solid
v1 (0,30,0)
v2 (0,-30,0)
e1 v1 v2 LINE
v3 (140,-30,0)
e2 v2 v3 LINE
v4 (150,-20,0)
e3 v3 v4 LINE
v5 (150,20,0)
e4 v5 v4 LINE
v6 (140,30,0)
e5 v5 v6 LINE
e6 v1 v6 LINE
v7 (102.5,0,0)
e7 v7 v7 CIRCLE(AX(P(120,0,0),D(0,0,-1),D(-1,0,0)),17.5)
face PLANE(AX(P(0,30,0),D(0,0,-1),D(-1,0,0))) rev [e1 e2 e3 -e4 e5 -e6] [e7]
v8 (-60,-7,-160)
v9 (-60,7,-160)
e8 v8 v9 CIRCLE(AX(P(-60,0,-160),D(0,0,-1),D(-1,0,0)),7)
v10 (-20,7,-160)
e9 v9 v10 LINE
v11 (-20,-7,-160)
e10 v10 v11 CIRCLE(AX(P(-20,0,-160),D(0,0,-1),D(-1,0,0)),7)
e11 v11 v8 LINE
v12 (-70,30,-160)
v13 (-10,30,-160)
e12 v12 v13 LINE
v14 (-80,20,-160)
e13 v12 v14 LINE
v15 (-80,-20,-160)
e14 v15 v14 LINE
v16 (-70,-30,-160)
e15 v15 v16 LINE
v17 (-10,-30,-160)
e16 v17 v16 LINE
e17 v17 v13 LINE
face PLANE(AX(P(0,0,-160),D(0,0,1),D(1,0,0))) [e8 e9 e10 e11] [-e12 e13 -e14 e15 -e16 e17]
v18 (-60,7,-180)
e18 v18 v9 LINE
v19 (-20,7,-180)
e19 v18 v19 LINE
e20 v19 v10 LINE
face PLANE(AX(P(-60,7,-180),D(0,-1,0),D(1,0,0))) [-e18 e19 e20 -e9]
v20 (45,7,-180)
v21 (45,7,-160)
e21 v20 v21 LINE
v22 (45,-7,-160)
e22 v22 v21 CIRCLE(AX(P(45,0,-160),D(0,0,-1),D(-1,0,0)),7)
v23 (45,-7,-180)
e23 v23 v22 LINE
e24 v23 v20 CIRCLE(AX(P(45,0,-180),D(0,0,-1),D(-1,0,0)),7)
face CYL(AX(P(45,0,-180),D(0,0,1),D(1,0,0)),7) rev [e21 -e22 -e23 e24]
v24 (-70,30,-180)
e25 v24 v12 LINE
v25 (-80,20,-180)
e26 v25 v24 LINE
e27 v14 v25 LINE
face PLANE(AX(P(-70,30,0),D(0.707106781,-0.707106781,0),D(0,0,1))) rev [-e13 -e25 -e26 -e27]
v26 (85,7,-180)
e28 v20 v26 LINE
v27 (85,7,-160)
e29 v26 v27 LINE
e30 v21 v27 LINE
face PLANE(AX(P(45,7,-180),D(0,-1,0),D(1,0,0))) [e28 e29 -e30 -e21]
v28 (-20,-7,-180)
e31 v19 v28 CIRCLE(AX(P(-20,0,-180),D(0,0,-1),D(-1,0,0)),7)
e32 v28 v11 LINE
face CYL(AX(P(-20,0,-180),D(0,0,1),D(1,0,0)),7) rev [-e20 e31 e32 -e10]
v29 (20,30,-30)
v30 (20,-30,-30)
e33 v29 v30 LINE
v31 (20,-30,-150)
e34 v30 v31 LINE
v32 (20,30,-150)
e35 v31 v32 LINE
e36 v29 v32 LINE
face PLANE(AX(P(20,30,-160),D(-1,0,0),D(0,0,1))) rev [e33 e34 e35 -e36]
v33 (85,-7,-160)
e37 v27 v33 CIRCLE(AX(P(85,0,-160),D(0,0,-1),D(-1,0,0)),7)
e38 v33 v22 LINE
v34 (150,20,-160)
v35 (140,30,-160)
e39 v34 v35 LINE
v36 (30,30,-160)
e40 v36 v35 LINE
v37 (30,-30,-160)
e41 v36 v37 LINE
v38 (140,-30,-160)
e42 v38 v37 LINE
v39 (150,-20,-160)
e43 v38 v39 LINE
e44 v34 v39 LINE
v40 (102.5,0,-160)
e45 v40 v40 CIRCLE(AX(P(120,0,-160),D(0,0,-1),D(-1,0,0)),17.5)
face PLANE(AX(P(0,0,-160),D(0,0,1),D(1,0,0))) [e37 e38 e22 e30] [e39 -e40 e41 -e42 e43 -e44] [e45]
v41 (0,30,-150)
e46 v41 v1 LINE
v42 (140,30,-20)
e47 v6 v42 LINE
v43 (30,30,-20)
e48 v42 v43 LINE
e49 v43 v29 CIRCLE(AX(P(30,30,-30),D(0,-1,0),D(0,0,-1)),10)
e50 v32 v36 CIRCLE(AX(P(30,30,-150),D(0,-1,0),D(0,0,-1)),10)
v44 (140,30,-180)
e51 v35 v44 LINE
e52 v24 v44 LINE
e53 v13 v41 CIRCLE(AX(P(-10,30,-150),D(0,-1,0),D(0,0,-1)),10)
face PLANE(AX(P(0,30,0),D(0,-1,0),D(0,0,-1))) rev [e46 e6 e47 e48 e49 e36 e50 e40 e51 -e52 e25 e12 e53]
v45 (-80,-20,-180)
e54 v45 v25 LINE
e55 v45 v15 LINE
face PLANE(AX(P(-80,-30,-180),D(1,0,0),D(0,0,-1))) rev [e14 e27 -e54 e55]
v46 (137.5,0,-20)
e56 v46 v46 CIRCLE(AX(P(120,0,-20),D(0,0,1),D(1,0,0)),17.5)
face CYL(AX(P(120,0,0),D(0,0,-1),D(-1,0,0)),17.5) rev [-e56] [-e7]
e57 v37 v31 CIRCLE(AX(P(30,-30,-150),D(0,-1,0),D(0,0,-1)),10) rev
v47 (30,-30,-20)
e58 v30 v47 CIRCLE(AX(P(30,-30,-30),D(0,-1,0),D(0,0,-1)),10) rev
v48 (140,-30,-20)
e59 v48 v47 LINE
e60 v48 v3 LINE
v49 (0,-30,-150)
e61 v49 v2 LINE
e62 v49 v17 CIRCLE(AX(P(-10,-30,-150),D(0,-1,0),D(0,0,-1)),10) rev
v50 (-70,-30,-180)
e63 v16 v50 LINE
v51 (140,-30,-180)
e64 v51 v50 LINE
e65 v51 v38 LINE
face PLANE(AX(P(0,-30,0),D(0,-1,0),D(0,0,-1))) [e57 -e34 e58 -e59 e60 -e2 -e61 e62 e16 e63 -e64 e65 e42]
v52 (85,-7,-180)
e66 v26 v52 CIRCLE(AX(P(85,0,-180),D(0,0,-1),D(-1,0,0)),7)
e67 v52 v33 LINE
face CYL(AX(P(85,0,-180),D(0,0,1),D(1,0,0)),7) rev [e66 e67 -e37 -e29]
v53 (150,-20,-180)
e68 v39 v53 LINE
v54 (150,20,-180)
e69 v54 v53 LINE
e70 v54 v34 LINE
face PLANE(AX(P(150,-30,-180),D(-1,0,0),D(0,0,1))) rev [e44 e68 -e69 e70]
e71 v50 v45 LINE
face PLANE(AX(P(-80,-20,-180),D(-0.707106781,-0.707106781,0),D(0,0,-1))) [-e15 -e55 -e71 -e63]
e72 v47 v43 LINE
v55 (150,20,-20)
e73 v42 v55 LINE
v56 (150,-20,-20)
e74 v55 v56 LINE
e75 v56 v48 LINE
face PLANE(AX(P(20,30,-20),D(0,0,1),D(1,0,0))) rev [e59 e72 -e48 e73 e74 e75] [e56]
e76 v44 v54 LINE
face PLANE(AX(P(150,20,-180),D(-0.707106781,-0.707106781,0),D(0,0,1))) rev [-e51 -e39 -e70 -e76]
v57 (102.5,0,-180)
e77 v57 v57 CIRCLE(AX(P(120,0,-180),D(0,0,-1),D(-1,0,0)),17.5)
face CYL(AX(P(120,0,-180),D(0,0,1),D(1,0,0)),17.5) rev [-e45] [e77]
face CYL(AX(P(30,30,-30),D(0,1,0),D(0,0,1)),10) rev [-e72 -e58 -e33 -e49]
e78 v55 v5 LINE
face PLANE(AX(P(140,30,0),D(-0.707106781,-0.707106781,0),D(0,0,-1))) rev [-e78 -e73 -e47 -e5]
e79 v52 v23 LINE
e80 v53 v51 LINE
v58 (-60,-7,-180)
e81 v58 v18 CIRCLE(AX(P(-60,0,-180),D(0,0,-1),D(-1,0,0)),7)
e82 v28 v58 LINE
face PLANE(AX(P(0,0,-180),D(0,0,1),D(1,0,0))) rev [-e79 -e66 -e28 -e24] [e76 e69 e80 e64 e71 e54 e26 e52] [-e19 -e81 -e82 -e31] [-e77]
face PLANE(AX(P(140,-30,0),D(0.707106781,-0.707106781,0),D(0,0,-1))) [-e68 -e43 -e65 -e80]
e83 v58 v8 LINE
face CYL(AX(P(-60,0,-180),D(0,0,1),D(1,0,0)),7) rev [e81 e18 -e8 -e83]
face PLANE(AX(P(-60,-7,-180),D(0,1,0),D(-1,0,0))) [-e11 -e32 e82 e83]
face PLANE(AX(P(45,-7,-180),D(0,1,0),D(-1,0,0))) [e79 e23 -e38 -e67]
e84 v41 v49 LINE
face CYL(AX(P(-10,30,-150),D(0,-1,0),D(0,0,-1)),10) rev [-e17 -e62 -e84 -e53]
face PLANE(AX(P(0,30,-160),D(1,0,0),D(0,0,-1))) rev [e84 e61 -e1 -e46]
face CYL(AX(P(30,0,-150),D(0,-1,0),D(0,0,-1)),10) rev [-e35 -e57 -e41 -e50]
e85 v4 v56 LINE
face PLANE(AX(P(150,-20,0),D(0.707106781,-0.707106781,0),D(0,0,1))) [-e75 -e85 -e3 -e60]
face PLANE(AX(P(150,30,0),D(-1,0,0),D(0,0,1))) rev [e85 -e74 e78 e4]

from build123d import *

# Parameters (mm, degrees)
BOSS_EXTRUDE1_DEPTH     = 30
SKETCH3_W               = 230
SKETCH3_H               = 60
SKETCH3_R               = 17.5
BOSS_EXTRUDE2_DEPTH     = 20
FILLET1_R               = 10
CHAMFER1_SIZE           = 10
SKETCH5_R               = 17.5
CUT_EXTRUDE1_DEPTH      = 1
CUT_EXTRUDE1_DEPTH_BACK = 181


with BuildPart() as part:
    # Sketch1 → Boss-Extrude1 (new body, symmetric)
    with BuildSketch(Plane(origin=(0, 0, 0), x_dir=(1, 0, 0), z_dir=(0, 1, 0))):
        Polygon((0, 160), (10, 160), (20, 160), (20, 20), (150, 20), (150, 0), (0, 0), align=None)
    extrude(amount=BOSS_EXTRUDE1_DEPTH, both=True)

    # Sketch3 → Boss-Extrude2 (add)
    with BuildSketch(Plane(origin=(0, 0, -160), x_dir=(-1, 0, 0), z_dir=(0, 0, -1))):
        with Locations((-35, 0)):
            Rectangle(SKETCH3_W, SKETCH3_H)
        with Locations((-120, 0)):
            Circle(SKETCH3_R, mode=Mode.SUBTRACT)
        with BuildLine():
            Line((60, -7), (20, -7))
            ThreePointArc((20, -7), (13, 0), (20, 7))
            Line((20, 7), (60, 7))
            ThreePointArc((60, 7), (67, 0), (60, -7))
        make_face(mode=Mode.SUBTRACT)
        with BuildLine():
            Line((-45, -7), (-85, -7))
            ThreePointArc((-85, -7), (-92, 0), (-85, 7))
            Line((-85, 7), (-45, 7))
            ThreePointArc((-45, 7), (-38, 0), (-45, -7))
        make_face(mode=Mode.SUBTRACT)
    extrude(amount=BOSS_EXTRUDE2_DEPTH)

    # Fillet1
    fillet1_edges = [part.edges().sort_by_distance(p)[0] for p in [
        (20, 0, -160),
        (20, 0, -20),
        (0, 0, -160),
    ]]
    fillet(fillet1_edges, radius=FILLET1_R)

    # Chamfer1
    chamfer1_edges = [part.edges().sort_by_distance(p)[0] for p in [
        (150, 30, -10),
        (150, 30, -170),
        (150, -30, -170),
        (-80, -30, -170),
        (-80, 30, -170),
        (150, -30, -10),
    ]]
    chamfer(chamfer1_edges, length=CHAMFER1_SIZE)

    # Sketch5 → Cut-Extrude1 (cut, two sides)
    with BuildSketch(Plane(origin=(0, 0, -180), x_dir=(-1, 0, 0), z_dir=(0, 0, -1))) as cut_extrude1_sk:
        with Locations((-120, 0)):
            Circle(SKETCH5_R)
    extrude(amount=CUT_EXTRUDE1_DEPTH, mode=Mode.SUBTRACT)
    extrude(cut_extrude1_sk.sketch, amount=-CUT_EXTRUDE1_DEPTH_BACK, mode=Mode.SUBTRACT)


solid = part.part
